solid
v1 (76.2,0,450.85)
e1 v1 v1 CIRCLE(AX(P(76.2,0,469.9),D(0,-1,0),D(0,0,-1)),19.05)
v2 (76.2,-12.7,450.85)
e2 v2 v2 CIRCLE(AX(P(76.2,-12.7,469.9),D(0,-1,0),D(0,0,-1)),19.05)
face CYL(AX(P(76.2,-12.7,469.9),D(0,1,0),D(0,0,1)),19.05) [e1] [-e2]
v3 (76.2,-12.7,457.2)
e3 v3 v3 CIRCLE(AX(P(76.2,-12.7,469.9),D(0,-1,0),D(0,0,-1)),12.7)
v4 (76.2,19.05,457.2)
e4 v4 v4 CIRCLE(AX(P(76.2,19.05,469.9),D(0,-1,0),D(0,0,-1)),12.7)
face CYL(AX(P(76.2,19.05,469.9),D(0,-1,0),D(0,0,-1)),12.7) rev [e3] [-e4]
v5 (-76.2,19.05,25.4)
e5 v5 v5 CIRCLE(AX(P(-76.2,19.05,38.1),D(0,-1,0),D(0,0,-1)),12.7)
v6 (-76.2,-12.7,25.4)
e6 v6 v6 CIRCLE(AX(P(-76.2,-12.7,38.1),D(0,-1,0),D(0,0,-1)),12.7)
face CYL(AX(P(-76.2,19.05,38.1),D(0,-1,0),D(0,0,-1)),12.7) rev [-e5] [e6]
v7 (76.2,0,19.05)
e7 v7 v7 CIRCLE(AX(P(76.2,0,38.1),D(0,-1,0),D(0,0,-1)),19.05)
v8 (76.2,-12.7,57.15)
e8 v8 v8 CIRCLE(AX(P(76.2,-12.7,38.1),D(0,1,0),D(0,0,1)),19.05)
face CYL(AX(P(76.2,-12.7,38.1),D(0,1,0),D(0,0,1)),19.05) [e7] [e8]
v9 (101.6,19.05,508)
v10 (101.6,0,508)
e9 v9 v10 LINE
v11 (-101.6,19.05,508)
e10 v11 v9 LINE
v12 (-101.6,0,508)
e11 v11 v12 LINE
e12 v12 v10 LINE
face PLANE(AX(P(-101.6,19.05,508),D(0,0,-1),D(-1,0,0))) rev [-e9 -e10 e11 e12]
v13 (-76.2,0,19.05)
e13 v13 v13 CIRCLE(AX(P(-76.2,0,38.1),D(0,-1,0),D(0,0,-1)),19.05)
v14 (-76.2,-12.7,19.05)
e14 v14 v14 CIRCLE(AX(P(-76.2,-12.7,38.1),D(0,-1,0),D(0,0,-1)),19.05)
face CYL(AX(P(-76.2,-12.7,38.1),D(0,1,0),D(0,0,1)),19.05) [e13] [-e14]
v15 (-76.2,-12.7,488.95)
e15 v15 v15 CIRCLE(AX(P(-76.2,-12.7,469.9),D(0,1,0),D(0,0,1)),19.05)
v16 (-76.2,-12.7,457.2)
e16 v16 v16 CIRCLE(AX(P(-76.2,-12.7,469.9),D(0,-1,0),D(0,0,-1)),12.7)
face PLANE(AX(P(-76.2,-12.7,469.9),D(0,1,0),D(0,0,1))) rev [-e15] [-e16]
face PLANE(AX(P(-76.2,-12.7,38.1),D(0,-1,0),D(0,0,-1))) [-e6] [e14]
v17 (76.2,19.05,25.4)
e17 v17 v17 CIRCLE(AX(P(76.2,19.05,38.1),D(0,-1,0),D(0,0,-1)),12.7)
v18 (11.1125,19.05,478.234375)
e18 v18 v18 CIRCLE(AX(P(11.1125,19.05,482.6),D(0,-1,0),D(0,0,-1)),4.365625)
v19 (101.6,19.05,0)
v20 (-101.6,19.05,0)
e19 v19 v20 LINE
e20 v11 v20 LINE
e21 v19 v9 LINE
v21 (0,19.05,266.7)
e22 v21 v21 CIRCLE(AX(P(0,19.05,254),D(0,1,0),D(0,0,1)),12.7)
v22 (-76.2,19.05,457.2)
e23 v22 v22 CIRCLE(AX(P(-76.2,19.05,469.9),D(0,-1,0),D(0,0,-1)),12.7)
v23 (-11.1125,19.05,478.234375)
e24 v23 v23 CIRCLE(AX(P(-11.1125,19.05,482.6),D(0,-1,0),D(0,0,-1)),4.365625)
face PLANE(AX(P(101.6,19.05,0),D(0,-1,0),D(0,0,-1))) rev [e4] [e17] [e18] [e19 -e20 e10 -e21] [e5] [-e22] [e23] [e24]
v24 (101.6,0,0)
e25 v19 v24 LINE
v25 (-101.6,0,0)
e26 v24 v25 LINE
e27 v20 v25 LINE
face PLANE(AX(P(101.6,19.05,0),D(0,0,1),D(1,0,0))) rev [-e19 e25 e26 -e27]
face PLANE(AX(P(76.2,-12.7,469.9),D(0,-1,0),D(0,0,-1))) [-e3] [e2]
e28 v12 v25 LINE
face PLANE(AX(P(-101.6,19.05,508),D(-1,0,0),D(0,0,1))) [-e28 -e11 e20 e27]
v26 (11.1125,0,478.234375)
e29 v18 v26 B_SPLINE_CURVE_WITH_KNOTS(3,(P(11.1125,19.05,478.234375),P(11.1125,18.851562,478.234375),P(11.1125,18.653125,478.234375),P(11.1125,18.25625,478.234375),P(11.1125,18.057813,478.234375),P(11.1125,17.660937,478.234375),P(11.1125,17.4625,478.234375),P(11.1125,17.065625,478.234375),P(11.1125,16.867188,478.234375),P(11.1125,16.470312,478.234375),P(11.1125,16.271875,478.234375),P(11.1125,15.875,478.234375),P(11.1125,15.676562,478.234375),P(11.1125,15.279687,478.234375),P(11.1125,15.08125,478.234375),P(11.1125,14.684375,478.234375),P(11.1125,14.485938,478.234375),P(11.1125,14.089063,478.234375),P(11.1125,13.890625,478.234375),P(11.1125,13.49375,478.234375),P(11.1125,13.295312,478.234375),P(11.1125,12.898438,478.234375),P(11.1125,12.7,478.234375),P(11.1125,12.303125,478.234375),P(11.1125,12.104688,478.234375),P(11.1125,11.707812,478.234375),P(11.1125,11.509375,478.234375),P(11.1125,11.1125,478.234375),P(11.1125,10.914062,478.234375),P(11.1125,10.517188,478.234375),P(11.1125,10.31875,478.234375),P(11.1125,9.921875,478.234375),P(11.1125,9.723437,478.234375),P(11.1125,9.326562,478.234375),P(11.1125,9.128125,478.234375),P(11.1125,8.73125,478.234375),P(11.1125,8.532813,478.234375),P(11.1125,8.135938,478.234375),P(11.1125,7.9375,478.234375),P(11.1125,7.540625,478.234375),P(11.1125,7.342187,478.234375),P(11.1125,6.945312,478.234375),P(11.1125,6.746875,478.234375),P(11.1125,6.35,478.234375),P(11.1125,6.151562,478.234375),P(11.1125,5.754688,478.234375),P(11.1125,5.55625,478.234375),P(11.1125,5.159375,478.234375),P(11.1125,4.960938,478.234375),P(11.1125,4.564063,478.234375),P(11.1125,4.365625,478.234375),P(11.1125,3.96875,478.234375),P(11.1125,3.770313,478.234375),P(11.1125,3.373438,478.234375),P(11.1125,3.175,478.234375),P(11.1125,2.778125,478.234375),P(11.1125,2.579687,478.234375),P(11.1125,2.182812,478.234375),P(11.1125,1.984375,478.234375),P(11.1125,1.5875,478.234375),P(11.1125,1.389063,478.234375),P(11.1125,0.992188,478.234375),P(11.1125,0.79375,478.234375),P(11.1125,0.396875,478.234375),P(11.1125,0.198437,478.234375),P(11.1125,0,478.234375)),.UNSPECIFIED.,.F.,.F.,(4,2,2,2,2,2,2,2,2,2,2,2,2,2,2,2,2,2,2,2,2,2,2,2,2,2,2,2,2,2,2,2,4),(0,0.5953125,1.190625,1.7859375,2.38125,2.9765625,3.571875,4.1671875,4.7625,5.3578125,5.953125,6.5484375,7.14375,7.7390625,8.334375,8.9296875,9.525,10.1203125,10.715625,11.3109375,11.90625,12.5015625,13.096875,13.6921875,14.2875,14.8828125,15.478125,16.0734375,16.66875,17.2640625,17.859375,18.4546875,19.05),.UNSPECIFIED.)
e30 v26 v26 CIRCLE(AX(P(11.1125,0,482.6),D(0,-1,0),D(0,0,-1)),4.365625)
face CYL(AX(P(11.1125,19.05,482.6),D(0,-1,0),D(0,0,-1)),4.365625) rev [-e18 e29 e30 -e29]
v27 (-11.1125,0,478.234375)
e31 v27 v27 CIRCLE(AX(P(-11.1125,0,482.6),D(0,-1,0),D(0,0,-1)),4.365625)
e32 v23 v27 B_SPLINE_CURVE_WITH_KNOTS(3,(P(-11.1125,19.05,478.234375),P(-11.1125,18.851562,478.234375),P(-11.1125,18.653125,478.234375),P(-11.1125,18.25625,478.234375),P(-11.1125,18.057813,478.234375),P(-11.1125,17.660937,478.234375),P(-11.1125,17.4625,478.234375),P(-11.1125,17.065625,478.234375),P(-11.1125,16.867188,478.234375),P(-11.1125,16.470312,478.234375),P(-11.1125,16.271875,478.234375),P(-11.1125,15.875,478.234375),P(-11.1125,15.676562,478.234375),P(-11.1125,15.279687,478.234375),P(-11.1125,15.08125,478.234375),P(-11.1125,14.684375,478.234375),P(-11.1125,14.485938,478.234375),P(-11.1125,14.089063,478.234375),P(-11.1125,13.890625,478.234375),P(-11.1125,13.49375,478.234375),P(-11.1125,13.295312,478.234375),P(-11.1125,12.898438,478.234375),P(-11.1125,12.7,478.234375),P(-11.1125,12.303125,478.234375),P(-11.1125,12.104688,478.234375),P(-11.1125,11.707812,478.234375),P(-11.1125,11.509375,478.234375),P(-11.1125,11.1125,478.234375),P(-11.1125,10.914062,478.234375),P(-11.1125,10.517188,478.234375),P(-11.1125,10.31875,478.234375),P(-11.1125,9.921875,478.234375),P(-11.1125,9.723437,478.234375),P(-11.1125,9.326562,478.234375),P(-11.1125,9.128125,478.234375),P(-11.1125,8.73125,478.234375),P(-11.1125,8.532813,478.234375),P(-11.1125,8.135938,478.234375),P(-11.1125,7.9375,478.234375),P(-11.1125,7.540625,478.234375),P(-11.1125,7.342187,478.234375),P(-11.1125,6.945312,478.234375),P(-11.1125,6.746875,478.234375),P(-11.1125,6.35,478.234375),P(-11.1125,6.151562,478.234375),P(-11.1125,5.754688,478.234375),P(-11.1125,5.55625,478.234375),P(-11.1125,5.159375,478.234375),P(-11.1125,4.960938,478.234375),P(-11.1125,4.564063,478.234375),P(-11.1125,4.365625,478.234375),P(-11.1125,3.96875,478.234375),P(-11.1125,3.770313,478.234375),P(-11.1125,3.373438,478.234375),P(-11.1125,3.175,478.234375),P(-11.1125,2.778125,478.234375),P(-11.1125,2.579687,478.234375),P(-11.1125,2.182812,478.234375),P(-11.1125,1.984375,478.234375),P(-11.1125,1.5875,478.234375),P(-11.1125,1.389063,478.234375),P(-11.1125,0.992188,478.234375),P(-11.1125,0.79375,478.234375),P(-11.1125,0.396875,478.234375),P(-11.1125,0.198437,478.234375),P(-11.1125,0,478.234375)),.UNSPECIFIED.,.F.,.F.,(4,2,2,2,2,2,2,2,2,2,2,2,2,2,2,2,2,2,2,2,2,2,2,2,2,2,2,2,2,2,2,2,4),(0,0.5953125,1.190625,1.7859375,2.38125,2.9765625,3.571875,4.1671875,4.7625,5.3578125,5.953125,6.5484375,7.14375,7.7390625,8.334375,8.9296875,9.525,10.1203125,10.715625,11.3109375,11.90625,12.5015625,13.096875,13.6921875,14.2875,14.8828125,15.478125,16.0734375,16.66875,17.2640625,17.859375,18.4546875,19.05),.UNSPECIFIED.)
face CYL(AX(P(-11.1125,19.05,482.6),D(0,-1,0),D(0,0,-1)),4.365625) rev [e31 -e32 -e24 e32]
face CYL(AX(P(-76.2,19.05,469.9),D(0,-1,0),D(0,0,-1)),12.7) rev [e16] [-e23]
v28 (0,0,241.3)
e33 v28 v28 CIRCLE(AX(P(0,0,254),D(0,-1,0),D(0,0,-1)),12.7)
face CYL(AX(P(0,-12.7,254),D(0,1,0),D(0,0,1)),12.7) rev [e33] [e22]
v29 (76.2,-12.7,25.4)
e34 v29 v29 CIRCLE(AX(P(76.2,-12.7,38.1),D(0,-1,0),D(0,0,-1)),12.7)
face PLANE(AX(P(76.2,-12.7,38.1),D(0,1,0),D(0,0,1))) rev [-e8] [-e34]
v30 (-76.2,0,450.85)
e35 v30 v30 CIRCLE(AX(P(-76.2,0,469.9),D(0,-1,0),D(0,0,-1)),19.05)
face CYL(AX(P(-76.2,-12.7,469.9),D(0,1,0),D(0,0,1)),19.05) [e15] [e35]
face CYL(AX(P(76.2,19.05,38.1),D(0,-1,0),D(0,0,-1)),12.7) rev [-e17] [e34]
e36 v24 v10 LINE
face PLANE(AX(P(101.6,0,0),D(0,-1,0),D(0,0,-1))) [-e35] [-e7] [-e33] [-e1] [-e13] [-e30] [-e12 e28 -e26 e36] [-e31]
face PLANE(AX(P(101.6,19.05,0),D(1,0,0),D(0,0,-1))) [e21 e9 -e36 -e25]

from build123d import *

# Parameters (mm, degrees)
SKETCH1_W           = 203.2
SKETCH1_H           = 508
BASE_EXTRUDE_DEPTH  = 19.05
SKETCH2_R           = 19.05
BOSS_EXTRUDE1_DEPTH = 12.7
SKETCH3_R           = 12.7
CUT_EXTRUDE1_DEPTH  = 520.032390608
SKETCH4_R           = 12.7
CUT_EXTRUDE2_DEPTH  = 520.032390608
SKETCH5_R           = 4.365625
CUT_EXTRUDE3_DEPTH  = 519.410515422


with BuildPart() as part:
    # Sketch1 → Base-Extrude (new body)
    with BuildSketch(Plane(origin=(0, 0, 0), x_dir=(1, 0, 0), z_dir=(0, 1, 0))):
        with Locations((0, -254)):
            Rectangle(SKETCH1_W, SKETCH1_H)
    extrude(amount=BASE_EXTRUDE_DEPTH)

    # Sketch2 → Boss-Extrude1 (add)
    with BuildSketch(Plane.XZ):
        with Locations(Location((76.2, 469.9, 0), (0, 0, 270))):
            Circle(SKETCH2_R)
        with Locations(Location((76.2, 38.1, 0), (0, 0, 90))):
            Circle(SKETCH2_R)
        with Locations(Location((-76.2, 38.1, 0), (0, 0, 270))):
            Circle(SKETCH2_R)
        with Locations(Location((-76.2, 469.9, 0), (0, 0, 90))):
            Circle(SKETCH2_R)
    extrude(amount=BOSS_EXTRUDE1_DEPTH)

    # Sketch3 → Cut-Extrude1 (cut, through all)
    with BuildSketch(Plane.XZ.offset(12.7)):
        with Locations(Location((76.2, 469.9, 0), (0, 0, 270))):
            Circle(SKETCH3_R)
        with Locations(Location((-76.2, 469.9, 0), (0, 0, 270))):
            Circle(SKETCH3_R)
        with Locations(Location((76.2, 38.1, 0), (0, 0, 270))):
            Circle(SKETCH3_R)
        with Locations(Location((-76.2, 38.1, 0), (0, 0, 270))):
            Circle(SKETCH3_R)
    extrude(amount=-CUT_EXTRUDE1_DEPTH, mode=Mode.SUBTRACT)

    # Sketch4 → Cut-Extrude2 (cut, through all)
    with BuildSketch(Plane(origin=(0, 19.05, 0), x_dir=(-1, 0, 0), z_dir=(0, 1, 0))):
        with Locations(Location((0, 254, 0), (0, 0, 90))):
            Circle(SKETCH4_R)
    extrude(amount=-CUT_EXTRUDE2_DEPTH, mode=Mode.SUBTRACT)

    # Sketch5 → Cut-Extrude3 (cut, through all)
    with BuildSketch(Plane.XZ):
        with Locations(Location((11.1125, 482.6, 0), (0, 0, 270))):
            Circle(SKETCH5_R)
        with Locations(Location((-11.1125, 482.6, 0), (0, 0, 270))):
            Circle(SKETCH5_R)
    extrude(amount=-CUT_EXTRUDE3_DEPTH, mode=Mode.SUBTRACT)


solid = part.part
